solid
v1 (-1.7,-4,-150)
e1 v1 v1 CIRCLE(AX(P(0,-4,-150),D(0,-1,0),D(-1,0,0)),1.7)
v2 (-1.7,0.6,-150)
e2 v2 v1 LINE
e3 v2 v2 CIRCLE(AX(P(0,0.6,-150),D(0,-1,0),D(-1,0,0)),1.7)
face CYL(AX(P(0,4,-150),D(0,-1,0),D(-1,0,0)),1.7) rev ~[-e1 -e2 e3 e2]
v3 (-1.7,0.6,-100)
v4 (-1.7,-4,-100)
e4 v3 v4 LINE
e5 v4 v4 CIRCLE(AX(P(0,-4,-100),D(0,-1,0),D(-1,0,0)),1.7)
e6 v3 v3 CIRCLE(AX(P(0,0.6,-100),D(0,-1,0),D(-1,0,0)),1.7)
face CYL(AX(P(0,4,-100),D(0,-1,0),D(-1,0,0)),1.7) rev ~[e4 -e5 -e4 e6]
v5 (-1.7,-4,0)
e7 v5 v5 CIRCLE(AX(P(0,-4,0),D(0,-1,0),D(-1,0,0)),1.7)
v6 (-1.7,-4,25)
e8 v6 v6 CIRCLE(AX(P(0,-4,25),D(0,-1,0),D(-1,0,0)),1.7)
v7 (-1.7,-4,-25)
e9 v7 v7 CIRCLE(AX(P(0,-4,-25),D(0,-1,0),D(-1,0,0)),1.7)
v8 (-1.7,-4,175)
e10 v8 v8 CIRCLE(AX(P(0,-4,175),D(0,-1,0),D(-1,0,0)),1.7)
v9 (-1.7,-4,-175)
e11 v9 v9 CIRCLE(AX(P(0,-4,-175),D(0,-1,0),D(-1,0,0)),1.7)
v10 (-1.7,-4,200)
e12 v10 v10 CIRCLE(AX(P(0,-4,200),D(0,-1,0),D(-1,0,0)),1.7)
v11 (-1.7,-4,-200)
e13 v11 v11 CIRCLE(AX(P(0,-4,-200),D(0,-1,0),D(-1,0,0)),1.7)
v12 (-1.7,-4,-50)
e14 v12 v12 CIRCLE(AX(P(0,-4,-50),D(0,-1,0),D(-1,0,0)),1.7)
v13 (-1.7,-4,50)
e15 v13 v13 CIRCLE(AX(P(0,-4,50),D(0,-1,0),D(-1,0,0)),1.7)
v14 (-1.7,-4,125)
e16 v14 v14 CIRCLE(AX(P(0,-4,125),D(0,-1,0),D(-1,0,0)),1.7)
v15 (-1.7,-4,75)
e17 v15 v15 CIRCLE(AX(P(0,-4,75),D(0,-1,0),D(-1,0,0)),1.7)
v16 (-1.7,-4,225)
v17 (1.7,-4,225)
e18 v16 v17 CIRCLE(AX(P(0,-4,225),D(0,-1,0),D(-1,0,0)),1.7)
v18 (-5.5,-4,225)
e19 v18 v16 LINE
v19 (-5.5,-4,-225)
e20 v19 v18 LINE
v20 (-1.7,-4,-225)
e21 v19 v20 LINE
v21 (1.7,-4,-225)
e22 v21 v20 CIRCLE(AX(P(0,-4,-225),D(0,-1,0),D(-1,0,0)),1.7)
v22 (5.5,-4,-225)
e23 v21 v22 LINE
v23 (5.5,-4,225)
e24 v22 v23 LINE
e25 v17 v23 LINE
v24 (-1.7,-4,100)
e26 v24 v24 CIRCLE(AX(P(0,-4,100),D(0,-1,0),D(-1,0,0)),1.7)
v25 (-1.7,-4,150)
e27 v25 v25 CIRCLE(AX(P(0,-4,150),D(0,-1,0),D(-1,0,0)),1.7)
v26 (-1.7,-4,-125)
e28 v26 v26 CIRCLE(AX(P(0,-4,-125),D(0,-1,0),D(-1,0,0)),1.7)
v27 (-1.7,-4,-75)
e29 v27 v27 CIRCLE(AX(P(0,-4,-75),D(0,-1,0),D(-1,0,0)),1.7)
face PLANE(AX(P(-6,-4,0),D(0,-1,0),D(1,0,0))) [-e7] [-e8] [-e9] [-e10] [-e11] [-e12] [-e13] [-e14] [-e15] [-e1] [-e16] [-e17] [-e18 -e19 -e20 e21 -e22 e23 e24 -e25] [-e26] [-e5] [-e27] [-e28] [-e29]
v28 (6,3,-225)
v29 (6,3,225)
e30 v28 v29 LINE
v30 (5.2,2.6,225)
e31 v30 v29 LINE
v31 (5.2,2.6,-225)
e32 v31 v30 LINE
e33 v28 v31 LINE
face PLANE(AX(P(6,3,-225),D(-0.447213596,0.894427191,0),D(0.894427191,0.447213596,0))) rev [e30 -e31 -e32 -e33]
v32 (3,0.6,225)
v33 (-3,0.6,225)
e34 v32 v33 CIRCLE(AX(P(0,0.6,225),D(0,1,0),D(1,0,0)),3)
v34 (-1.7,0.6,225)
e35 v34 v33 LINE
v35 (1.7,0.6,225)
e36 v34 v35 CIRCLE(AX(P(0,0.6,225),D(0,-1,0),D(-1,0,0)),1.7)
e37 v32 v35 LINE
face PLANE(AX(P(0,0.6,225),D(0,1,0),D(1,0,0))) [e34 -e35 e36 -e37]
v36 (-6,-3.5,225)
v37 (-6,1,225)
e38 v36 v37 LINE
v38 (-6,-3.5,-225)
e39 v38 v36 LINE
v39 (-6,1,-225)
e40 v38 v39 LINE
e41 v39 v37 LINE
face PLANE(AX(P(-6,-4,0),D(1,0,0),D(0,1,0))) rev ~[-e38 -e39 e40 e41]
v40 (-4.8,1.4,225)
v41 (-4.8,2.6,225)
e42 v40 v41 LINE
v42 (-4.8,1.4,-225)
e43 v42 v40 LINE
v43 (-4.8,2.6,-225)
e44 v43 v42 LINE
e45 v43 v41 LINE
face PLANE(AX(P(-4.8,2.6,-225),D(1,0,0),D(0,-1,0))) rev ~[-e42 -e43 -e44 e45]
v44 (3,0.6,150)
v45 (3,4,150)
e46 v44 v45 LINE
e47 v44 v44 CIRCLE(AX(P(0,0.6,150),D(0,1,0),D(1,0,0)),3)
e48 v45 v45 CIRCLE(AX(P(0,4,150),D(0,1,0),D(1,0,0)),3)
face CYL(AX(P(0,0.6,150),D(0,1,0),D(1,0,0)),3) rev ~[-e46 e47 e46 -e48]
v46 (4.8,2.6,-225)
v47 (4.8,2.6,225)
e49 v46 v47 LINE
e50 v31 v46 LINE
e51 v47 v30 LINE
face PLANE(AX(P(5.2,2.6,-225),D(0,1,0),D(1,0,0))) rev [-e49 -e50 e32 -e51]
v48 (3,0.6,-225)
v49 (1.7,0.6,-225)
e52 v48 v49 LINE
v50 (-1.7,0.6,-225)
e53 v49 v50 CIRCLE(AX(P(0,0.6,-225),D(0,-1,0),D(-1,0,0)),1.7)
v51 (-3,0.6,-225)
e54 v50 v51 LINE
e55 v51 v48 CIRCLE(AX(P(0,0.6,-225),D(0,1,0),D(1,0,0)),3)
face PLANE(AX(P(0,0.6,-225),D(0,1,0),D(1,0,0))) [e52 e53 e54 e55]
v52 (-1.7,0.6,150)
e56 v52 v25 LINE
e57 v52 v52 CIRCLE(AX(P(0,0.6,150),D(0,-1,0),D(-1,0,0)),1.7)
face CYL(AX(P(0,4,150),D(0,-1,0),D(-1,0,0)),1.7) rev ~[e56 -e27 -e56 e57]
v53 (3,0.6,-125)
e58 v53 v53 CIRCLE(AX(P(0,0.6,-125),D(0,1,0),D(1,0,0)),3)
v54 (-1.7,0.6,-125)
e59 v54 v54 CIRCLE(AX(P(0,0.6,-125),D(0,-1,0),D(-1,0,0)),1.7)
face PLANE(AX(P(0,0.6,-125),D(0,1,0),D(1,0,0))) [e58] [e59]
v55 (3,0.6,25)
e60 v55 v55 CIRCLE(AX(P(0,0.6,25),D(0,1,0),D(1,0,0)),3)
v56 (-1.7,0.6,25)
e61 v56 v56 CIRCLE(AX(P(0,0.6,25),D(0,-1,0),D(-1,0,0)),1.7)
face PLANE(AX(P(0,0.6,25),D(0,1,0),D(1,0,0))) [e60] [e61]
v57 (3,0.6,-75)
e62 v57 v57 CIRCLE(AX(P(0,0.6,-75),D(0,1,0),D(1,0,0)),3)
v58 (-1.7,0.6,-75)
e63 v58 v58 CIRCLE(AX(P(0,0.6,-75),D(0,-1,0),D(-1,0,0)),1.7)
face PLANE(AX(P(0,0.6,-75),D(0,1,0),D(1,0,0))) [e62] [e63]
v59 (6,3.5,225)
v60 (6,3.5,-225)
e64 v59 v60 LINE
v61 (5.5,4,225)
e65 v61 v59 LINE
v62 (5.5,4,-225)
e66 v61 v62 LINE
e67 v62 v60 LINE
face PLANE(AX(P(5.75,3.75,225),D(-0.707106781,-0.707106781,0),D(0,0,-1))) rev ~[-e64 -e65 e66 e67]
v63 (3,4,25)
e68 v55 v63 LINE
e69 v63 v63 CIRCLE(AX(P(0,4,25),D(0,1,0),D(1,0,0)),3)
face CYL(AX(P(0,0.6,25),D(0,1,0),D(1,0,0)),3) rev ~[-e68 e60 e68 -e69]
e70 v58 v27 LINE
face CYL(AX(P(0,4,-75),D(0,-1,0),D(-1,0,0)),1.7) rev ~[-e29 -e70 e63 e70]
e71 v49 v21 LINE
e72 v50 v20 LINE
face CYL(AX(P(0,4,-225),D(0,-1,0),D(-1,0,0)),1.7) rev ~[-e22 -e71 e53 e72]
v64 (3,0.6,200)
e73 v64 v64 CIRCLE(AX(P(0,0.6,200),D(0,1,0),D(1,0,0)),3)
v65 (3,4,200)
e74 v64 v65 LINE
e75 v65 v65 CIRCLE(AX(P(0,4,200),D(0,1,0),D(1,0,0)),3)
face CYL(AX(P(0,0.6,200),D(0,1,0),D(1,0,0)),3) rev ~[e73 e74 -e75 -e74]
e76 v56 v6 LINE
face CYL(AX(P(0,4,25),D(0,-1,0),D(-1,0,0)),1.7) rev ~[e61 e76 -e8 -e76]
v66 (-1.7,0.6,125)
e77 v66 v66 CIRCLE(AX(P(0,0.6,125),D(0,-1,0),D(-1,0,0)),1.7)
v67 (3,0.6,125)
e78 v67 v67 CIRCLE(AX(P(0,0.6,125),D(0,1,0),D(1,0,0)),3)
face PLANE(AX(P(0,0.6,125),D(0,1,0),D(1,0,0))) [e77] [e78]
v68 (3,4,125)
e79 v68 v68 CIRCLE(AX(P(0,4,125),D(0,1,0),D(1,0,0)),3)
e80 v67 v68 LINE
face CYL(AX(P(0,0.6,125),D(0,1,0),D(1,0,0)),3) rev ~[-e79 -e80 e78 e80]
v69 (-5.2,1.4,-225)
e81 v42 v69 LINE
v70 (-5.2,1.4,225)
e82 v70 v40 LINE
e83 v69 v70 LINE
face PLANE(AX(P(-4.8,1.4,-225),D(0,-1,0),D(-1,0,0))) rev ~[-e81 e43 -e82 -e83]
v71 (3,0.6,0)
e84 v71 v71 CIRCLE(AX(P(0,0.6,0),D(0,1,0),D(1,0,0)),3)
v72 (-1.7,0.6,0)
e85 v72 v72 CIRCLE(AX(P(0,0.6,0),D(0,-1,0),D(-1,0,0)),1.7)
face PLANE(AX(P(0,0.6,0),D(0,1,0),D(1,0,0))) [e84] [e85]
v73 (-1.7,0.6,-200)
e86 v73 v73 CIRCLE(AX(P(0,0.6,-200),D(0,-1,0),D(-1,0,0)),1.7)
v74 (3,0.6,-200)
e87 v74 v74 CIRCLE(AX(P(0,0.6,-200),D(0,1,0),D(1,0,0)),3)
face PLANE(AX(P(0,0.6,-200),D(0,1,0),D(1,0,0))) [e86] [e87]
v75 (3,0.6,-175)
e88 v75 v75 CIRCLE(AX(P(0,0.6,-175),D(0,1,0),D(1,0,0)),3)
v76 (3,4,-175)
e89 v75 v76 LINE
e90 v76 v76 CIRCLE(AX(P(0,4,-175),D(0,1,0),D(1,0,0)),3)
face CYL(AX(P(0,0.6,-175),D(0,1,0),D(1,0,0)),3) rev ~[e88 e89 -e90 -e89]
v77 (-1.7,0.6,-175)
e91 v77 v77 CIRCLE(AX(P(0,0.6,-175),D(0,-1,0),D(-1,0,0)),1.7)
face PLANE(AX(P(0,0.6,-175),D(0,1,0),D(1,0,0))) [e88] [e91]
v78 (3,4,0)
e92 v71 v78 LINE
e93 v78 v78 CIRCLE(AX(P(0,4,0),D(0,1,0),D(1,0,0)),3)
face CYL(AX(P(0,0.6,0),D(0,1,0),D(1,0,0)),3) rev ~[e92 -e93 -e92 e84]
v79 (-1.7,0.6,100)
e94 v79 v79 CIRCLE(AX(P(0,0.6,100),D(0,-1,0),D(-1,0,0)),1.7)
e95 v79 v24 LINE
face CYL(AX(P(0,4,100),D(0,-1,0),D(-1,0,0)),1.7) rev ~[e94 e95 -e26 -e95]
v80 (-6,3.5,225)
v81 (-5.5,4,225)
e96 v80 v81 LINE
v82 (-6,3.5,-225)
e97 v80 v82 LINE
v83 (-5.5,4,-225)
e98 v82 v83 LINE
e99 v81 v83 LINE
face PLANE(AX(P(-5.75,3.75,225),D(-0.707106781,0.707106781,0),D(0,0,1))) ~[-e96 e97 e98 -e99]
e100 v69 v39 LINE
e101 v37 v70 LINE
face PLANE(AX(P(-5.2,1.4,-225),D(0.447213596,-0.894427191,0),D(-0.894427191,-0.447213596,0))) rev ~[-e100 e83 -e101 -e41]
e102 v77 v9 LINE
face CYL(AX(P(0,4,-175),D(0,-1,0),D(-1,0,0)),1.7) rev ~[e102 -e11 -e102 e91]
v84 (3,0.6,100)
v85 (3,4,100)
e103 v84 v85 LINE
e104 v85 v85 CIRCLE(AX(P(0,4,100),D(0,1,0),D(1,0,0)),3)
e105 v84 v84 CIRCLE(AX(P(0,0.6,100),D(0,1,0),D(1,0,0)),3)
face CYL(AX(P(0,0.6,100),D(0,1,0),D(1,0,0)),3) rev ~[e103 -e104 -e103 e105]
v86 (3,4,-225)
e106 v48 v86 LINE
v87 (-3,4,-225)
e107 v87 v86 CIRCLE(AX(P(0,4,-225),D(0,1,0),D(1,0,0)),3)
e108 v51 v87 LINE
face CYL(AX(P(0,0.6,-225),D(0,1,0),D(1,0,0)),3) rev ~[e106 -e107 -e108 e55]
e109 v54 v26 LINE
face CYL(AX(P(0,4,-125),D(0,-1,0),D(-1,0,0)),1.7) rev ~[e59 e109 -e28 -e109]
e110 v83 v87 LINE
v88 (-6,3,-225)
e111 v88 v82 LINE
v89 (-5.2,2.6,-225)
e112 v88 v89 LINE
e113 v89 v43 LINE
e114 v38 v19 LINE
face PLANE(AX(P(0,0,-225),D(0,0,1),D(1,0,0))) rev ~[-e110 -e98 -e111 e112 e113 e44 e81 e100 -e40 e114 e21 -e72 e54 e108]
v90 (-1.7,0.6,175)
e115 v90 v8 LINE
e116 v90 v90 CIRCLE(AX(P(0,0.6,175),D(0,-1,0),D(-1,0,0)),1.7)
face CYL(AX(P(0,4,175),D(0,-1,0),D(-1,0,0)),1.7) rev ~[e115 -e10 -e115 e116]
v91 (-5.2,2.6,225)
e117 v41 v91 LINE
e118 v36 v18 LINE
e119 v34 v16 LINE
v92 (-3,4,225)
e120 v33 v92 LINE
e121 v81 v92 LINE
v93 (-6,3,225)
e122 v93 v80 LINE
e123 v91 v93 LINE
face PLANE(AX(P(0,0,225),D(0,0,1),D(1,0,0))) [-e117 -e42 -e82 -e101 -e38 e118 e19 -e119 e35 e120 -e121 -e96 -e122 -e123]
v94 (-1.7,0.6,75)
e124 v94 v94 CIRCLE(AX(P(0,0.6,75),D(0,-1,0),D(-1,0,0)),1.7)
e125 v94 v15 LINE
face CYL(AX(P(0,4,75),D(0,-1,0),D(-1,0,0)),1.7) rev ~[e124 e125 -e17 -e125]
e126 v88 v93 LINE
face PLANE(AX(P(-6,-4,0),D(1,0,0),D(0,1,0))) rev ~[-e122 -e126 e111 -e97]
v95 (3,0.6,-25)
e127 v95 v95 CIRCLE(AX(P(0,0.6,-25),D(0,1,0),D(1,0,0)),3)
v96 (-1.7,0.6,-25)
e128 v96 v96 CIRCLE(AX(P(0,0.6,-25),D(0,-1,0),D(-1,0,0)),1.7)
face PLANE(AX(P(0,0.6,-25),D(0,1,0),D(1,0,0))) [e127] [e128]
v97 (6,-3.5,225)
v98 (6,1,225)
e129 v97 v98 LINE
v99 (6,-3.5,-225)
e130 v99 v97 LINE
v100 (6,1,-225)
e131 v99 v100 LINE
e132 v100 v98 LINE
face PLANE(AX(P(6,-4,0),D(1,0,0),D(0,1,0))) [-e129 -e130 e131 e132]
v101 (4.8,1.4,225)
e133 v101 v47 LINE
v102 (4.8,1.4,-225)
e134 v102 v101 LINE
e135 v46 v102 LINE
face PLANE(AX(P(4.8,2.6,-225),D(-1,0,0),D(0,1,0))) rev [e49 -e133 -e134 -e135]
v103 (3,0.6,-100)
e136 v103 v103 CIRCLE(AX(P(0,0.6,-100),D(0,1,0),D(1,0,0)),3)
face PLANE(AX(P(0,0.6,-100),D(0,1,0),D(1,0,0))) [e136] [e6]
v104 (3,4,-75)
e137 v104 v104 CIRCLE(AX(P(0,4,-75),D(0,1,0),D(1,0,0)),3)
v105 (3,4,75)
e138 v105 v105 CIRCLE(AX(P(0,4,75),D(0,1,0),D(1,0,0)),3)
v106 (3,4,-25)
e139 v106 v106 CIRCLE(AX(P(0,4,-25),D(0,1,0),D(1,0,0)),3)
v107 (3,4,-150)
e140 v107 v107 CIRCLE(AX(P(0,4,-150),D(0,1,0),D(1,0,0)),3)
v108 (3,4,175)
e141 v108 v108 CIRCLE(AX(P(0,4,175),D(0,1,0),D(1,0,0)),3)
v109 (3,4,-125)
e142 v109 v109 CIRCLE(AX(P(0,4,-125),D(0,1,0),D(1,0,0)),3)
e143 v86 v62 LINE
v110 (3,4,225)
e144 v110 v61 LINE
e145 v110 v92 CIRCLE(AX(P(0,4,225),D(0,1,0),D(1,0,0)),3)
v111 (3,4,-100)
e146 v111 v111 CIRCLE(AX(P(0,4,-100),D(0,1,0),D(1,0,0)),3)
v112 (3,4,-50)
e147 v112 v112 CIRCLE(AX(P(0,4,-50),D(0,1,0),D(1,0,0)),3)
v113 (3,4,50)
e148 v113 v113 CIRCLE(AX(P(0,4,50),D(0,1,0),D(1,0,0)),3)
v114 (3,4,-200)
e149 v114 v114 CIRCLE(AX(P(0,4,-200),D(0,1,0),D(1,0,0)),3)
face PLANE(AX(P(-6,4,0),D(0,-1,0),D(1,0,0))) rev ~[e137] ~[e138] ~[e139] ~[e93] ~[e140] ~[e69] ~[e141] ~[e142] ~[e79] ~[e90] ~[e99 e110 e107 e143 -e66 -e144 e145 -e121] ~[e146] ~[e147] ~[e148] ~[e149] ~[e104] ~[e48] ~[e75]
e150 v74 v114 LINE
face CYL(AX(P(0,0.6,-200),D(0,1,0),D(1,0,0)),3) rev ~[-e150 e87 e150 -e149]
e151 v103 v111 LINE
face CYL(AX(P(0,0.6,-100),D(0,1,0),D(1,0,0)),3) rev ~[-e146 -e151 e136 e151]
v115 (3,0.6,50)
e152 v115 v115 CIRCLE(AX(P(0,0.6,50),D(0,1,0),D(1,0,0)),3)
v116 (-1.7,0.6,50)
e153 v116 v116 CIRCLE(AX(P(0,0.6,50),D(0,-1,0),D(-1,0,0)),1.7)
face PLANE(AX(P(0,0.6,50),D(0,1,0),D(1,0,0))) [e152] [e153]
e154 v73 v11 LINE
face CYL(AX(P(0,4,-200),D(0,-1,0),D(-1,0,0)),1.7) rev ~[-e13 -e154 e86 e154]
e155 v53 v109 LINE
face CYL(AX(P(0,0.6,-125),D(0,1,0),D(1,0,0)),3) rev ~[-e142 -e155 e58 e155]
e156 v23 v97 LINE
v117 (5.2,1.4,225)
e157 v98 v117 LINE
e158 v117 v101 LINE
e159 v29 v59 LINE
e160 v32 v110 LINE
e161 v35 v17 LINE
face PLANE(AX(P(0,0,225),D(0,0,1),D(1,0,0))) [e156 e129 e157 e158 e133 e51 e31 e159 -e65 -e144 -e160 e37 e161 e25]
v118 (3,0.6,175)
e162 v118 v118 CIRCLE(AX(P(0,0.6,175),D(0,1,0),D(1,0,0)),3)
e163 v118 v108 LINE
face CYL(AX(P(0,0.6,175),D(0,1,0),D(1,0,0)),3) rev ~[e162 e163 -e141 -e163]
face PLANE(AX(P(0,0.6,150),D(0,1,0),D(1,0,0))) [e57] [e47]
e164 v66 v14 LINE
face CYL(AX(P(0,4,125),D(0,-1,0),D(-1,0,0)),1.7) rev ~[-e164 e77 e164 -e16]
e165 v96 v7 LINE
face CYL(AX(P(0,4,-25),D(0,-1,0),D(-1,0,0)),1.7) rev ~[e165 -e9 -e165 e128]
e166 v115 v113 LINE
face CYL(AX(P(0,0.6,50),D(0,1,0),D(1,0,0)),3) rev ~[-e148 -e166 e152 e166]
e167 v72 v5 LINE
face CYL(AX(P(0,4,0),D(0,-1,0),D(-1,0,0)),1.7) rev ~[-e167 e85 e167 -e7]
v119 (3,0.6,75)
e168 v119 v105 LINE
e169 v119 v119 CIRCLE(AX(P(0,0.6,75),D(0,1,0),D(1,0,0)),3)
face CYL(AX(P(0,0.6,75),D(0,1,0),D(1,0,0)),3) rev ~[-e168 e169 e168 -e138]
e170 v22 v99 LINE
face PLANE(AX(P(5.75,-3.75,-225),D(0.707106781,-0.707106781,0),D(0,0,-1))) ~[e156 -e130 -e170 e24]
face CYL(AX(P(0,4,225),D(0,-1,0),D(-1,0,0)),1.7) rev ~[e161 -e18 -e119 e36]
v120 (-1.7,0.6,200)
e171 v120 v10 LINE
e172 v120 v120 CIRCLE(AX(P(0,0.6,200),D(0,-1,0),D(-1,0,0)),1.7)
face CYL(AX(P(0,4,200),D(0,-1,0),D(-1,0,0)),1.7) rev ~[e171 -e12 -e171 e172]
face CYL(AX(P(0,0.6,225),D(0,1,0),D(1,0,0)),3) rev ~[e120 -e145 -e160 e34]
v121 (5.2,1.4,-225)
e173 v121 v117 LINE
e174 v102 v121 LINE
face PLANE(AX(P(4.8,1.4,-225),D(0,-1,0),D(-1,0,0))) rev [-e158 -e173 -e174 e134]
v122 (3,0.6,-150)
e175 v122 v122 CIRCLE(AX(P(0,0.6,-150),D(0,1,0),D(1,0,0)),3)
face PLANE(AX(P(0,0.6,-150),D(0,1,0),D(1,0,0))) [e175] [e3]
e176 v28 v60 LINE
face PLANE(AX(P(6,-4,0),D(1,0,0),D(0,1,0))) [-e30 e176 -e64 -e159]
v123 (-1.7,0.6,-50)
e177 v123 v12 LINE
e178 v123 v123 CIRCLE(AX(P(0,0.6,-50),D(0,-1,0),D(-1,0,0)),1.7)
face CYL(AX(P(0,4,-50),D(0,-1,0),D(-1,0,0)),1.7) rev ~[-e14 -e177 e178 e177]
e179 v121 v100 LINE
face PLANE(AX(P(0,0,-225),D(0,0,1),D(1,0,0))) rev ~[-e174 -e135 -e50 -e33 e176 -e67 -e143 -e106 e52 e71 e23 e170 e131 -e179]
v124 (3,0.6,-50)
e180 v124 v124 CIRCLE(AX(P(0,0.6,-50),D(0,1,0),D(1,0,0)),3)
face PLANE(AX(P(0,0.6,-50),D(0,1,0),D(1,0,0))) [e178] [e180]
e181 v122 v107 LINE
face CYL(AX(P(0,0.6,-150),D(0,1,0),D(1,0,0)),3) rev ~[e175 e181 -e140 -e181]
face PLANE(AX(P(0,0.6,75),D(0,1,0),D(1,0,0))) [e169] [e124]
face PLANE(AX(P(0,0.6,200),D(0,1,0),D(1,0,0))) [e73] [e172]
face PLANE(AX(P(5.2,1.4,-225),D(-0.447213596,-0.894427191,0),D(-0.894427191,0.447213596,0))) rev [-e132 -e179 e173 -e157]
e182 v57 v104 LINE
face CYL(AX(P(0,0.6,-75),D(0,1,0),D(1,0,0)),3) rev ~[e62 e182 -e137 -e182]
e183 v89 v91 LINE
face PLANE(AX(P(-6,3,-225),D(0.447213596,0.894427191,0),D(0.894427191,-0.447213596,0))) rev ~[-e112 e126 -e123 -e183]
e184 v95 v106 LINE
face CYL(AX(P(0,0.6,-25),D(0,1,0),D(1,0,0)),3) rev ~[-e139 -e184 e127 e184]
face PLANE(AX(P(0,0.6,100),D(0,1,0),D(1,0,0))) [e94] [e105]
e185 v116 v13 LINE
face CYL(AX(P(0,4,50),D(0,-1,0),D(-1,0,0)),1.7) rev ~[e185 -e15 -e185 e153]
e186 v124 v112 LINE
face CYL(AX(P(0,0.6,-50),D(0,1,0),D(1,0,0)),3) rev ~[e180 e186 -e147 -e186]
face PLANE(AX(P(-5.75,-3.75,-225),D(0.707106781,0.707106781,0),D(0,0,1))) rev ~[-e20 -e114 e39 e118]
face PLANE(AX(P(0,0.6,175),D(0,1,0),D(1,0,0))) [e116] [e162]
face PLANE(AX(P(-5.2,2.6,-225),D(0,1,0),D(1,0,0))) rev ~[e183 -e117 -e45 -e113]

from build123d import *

# Parameters (mm, degrees)
SKETCH_1_W                = 12
SKETCH_1_H                = 8
EXTRUDE_1_DEPTH           = 225
CUT_EXTRUDE_1_DEPTH       = 451
CHAMFER_1_SIZE            = 0.5
HOLE_WIZARD_3_D           = 3.4
HOLE_WIZARD_3_CBORE_D     = 6
HOLE_WIZARD_3_CBORE_DEPTH = 3.4


with BuildPart() as part:
    # 草图1 → 凸台-拉伸1 (new body, symmetric)
    with BuildSketch(Plane.XY):
        Rectangle(SKETCH_1_W, SKETCH_1_H)
    extrude(amount=EXTRUDE_1_DEPTH, both=True)

    # 草图2 → 切除-拉伸1 (cut, through all)
    with BuildSketch(Plane(origin=(0, 0, -225), x_dir=(-1, 0, 0), z_dir=(0, 0, -1))):
        Polygon((5.2, 2.6), (4.8, 2.6), (4.8, 1.4), (5.2, 1.4), (6, 1), (6, 3), align=None)
    cut_extrude_1 = extrude(amount=-CUT_EXTRUDE_1_DEPTH, mode=Mode.SUBTRACT)

    # 镜向1: 切除-拉伸1 across plane
    add(cut_extrude_1.mirror(Plane(origin=(0, 0, 0), x_dir=(0, 0, 1), z_dir=(1, 0, 0))), mode=Mode.SUBTRACT)

    # 倒角1
    chamfer_1_edges = [part.edges().sort_by_distance(p)[0] for p in [
        (6, -4, 0),
        (-6, -4, 0),
        (-6, 4, 0),
        (6, 4, 0),
    ]]
    chamfer(chamfer_1_edges, length=CHAMFER_1_SIZE)

    # 打孔尺寸(%根据)内六角圆柱头螺钉的类型3 (through all)
    with Locations(Plane(origin=(0, 4, 0), x_dir=(1, 0, 0), z_dir=(0, 1, 0))):
        with Locations((0, 125), (0, 100), (0, 75), (0, 50), (0, 25), (0, 0), (0, -25), (0, -50), (0, -75), (0, -100), (0, -125), (0, 150), (0, 175), (0, 200), (0, -150), (0, -175), (0, -200), (0, -225), (0, 225)):
            CounterBoreHole(HOLE_WIZARD_3_D / 2, HOLE_WIZARD_3_CBORE_D / 2, HOLE_WIZARD_3_CBORE_DEPTH)


solid = part.part
